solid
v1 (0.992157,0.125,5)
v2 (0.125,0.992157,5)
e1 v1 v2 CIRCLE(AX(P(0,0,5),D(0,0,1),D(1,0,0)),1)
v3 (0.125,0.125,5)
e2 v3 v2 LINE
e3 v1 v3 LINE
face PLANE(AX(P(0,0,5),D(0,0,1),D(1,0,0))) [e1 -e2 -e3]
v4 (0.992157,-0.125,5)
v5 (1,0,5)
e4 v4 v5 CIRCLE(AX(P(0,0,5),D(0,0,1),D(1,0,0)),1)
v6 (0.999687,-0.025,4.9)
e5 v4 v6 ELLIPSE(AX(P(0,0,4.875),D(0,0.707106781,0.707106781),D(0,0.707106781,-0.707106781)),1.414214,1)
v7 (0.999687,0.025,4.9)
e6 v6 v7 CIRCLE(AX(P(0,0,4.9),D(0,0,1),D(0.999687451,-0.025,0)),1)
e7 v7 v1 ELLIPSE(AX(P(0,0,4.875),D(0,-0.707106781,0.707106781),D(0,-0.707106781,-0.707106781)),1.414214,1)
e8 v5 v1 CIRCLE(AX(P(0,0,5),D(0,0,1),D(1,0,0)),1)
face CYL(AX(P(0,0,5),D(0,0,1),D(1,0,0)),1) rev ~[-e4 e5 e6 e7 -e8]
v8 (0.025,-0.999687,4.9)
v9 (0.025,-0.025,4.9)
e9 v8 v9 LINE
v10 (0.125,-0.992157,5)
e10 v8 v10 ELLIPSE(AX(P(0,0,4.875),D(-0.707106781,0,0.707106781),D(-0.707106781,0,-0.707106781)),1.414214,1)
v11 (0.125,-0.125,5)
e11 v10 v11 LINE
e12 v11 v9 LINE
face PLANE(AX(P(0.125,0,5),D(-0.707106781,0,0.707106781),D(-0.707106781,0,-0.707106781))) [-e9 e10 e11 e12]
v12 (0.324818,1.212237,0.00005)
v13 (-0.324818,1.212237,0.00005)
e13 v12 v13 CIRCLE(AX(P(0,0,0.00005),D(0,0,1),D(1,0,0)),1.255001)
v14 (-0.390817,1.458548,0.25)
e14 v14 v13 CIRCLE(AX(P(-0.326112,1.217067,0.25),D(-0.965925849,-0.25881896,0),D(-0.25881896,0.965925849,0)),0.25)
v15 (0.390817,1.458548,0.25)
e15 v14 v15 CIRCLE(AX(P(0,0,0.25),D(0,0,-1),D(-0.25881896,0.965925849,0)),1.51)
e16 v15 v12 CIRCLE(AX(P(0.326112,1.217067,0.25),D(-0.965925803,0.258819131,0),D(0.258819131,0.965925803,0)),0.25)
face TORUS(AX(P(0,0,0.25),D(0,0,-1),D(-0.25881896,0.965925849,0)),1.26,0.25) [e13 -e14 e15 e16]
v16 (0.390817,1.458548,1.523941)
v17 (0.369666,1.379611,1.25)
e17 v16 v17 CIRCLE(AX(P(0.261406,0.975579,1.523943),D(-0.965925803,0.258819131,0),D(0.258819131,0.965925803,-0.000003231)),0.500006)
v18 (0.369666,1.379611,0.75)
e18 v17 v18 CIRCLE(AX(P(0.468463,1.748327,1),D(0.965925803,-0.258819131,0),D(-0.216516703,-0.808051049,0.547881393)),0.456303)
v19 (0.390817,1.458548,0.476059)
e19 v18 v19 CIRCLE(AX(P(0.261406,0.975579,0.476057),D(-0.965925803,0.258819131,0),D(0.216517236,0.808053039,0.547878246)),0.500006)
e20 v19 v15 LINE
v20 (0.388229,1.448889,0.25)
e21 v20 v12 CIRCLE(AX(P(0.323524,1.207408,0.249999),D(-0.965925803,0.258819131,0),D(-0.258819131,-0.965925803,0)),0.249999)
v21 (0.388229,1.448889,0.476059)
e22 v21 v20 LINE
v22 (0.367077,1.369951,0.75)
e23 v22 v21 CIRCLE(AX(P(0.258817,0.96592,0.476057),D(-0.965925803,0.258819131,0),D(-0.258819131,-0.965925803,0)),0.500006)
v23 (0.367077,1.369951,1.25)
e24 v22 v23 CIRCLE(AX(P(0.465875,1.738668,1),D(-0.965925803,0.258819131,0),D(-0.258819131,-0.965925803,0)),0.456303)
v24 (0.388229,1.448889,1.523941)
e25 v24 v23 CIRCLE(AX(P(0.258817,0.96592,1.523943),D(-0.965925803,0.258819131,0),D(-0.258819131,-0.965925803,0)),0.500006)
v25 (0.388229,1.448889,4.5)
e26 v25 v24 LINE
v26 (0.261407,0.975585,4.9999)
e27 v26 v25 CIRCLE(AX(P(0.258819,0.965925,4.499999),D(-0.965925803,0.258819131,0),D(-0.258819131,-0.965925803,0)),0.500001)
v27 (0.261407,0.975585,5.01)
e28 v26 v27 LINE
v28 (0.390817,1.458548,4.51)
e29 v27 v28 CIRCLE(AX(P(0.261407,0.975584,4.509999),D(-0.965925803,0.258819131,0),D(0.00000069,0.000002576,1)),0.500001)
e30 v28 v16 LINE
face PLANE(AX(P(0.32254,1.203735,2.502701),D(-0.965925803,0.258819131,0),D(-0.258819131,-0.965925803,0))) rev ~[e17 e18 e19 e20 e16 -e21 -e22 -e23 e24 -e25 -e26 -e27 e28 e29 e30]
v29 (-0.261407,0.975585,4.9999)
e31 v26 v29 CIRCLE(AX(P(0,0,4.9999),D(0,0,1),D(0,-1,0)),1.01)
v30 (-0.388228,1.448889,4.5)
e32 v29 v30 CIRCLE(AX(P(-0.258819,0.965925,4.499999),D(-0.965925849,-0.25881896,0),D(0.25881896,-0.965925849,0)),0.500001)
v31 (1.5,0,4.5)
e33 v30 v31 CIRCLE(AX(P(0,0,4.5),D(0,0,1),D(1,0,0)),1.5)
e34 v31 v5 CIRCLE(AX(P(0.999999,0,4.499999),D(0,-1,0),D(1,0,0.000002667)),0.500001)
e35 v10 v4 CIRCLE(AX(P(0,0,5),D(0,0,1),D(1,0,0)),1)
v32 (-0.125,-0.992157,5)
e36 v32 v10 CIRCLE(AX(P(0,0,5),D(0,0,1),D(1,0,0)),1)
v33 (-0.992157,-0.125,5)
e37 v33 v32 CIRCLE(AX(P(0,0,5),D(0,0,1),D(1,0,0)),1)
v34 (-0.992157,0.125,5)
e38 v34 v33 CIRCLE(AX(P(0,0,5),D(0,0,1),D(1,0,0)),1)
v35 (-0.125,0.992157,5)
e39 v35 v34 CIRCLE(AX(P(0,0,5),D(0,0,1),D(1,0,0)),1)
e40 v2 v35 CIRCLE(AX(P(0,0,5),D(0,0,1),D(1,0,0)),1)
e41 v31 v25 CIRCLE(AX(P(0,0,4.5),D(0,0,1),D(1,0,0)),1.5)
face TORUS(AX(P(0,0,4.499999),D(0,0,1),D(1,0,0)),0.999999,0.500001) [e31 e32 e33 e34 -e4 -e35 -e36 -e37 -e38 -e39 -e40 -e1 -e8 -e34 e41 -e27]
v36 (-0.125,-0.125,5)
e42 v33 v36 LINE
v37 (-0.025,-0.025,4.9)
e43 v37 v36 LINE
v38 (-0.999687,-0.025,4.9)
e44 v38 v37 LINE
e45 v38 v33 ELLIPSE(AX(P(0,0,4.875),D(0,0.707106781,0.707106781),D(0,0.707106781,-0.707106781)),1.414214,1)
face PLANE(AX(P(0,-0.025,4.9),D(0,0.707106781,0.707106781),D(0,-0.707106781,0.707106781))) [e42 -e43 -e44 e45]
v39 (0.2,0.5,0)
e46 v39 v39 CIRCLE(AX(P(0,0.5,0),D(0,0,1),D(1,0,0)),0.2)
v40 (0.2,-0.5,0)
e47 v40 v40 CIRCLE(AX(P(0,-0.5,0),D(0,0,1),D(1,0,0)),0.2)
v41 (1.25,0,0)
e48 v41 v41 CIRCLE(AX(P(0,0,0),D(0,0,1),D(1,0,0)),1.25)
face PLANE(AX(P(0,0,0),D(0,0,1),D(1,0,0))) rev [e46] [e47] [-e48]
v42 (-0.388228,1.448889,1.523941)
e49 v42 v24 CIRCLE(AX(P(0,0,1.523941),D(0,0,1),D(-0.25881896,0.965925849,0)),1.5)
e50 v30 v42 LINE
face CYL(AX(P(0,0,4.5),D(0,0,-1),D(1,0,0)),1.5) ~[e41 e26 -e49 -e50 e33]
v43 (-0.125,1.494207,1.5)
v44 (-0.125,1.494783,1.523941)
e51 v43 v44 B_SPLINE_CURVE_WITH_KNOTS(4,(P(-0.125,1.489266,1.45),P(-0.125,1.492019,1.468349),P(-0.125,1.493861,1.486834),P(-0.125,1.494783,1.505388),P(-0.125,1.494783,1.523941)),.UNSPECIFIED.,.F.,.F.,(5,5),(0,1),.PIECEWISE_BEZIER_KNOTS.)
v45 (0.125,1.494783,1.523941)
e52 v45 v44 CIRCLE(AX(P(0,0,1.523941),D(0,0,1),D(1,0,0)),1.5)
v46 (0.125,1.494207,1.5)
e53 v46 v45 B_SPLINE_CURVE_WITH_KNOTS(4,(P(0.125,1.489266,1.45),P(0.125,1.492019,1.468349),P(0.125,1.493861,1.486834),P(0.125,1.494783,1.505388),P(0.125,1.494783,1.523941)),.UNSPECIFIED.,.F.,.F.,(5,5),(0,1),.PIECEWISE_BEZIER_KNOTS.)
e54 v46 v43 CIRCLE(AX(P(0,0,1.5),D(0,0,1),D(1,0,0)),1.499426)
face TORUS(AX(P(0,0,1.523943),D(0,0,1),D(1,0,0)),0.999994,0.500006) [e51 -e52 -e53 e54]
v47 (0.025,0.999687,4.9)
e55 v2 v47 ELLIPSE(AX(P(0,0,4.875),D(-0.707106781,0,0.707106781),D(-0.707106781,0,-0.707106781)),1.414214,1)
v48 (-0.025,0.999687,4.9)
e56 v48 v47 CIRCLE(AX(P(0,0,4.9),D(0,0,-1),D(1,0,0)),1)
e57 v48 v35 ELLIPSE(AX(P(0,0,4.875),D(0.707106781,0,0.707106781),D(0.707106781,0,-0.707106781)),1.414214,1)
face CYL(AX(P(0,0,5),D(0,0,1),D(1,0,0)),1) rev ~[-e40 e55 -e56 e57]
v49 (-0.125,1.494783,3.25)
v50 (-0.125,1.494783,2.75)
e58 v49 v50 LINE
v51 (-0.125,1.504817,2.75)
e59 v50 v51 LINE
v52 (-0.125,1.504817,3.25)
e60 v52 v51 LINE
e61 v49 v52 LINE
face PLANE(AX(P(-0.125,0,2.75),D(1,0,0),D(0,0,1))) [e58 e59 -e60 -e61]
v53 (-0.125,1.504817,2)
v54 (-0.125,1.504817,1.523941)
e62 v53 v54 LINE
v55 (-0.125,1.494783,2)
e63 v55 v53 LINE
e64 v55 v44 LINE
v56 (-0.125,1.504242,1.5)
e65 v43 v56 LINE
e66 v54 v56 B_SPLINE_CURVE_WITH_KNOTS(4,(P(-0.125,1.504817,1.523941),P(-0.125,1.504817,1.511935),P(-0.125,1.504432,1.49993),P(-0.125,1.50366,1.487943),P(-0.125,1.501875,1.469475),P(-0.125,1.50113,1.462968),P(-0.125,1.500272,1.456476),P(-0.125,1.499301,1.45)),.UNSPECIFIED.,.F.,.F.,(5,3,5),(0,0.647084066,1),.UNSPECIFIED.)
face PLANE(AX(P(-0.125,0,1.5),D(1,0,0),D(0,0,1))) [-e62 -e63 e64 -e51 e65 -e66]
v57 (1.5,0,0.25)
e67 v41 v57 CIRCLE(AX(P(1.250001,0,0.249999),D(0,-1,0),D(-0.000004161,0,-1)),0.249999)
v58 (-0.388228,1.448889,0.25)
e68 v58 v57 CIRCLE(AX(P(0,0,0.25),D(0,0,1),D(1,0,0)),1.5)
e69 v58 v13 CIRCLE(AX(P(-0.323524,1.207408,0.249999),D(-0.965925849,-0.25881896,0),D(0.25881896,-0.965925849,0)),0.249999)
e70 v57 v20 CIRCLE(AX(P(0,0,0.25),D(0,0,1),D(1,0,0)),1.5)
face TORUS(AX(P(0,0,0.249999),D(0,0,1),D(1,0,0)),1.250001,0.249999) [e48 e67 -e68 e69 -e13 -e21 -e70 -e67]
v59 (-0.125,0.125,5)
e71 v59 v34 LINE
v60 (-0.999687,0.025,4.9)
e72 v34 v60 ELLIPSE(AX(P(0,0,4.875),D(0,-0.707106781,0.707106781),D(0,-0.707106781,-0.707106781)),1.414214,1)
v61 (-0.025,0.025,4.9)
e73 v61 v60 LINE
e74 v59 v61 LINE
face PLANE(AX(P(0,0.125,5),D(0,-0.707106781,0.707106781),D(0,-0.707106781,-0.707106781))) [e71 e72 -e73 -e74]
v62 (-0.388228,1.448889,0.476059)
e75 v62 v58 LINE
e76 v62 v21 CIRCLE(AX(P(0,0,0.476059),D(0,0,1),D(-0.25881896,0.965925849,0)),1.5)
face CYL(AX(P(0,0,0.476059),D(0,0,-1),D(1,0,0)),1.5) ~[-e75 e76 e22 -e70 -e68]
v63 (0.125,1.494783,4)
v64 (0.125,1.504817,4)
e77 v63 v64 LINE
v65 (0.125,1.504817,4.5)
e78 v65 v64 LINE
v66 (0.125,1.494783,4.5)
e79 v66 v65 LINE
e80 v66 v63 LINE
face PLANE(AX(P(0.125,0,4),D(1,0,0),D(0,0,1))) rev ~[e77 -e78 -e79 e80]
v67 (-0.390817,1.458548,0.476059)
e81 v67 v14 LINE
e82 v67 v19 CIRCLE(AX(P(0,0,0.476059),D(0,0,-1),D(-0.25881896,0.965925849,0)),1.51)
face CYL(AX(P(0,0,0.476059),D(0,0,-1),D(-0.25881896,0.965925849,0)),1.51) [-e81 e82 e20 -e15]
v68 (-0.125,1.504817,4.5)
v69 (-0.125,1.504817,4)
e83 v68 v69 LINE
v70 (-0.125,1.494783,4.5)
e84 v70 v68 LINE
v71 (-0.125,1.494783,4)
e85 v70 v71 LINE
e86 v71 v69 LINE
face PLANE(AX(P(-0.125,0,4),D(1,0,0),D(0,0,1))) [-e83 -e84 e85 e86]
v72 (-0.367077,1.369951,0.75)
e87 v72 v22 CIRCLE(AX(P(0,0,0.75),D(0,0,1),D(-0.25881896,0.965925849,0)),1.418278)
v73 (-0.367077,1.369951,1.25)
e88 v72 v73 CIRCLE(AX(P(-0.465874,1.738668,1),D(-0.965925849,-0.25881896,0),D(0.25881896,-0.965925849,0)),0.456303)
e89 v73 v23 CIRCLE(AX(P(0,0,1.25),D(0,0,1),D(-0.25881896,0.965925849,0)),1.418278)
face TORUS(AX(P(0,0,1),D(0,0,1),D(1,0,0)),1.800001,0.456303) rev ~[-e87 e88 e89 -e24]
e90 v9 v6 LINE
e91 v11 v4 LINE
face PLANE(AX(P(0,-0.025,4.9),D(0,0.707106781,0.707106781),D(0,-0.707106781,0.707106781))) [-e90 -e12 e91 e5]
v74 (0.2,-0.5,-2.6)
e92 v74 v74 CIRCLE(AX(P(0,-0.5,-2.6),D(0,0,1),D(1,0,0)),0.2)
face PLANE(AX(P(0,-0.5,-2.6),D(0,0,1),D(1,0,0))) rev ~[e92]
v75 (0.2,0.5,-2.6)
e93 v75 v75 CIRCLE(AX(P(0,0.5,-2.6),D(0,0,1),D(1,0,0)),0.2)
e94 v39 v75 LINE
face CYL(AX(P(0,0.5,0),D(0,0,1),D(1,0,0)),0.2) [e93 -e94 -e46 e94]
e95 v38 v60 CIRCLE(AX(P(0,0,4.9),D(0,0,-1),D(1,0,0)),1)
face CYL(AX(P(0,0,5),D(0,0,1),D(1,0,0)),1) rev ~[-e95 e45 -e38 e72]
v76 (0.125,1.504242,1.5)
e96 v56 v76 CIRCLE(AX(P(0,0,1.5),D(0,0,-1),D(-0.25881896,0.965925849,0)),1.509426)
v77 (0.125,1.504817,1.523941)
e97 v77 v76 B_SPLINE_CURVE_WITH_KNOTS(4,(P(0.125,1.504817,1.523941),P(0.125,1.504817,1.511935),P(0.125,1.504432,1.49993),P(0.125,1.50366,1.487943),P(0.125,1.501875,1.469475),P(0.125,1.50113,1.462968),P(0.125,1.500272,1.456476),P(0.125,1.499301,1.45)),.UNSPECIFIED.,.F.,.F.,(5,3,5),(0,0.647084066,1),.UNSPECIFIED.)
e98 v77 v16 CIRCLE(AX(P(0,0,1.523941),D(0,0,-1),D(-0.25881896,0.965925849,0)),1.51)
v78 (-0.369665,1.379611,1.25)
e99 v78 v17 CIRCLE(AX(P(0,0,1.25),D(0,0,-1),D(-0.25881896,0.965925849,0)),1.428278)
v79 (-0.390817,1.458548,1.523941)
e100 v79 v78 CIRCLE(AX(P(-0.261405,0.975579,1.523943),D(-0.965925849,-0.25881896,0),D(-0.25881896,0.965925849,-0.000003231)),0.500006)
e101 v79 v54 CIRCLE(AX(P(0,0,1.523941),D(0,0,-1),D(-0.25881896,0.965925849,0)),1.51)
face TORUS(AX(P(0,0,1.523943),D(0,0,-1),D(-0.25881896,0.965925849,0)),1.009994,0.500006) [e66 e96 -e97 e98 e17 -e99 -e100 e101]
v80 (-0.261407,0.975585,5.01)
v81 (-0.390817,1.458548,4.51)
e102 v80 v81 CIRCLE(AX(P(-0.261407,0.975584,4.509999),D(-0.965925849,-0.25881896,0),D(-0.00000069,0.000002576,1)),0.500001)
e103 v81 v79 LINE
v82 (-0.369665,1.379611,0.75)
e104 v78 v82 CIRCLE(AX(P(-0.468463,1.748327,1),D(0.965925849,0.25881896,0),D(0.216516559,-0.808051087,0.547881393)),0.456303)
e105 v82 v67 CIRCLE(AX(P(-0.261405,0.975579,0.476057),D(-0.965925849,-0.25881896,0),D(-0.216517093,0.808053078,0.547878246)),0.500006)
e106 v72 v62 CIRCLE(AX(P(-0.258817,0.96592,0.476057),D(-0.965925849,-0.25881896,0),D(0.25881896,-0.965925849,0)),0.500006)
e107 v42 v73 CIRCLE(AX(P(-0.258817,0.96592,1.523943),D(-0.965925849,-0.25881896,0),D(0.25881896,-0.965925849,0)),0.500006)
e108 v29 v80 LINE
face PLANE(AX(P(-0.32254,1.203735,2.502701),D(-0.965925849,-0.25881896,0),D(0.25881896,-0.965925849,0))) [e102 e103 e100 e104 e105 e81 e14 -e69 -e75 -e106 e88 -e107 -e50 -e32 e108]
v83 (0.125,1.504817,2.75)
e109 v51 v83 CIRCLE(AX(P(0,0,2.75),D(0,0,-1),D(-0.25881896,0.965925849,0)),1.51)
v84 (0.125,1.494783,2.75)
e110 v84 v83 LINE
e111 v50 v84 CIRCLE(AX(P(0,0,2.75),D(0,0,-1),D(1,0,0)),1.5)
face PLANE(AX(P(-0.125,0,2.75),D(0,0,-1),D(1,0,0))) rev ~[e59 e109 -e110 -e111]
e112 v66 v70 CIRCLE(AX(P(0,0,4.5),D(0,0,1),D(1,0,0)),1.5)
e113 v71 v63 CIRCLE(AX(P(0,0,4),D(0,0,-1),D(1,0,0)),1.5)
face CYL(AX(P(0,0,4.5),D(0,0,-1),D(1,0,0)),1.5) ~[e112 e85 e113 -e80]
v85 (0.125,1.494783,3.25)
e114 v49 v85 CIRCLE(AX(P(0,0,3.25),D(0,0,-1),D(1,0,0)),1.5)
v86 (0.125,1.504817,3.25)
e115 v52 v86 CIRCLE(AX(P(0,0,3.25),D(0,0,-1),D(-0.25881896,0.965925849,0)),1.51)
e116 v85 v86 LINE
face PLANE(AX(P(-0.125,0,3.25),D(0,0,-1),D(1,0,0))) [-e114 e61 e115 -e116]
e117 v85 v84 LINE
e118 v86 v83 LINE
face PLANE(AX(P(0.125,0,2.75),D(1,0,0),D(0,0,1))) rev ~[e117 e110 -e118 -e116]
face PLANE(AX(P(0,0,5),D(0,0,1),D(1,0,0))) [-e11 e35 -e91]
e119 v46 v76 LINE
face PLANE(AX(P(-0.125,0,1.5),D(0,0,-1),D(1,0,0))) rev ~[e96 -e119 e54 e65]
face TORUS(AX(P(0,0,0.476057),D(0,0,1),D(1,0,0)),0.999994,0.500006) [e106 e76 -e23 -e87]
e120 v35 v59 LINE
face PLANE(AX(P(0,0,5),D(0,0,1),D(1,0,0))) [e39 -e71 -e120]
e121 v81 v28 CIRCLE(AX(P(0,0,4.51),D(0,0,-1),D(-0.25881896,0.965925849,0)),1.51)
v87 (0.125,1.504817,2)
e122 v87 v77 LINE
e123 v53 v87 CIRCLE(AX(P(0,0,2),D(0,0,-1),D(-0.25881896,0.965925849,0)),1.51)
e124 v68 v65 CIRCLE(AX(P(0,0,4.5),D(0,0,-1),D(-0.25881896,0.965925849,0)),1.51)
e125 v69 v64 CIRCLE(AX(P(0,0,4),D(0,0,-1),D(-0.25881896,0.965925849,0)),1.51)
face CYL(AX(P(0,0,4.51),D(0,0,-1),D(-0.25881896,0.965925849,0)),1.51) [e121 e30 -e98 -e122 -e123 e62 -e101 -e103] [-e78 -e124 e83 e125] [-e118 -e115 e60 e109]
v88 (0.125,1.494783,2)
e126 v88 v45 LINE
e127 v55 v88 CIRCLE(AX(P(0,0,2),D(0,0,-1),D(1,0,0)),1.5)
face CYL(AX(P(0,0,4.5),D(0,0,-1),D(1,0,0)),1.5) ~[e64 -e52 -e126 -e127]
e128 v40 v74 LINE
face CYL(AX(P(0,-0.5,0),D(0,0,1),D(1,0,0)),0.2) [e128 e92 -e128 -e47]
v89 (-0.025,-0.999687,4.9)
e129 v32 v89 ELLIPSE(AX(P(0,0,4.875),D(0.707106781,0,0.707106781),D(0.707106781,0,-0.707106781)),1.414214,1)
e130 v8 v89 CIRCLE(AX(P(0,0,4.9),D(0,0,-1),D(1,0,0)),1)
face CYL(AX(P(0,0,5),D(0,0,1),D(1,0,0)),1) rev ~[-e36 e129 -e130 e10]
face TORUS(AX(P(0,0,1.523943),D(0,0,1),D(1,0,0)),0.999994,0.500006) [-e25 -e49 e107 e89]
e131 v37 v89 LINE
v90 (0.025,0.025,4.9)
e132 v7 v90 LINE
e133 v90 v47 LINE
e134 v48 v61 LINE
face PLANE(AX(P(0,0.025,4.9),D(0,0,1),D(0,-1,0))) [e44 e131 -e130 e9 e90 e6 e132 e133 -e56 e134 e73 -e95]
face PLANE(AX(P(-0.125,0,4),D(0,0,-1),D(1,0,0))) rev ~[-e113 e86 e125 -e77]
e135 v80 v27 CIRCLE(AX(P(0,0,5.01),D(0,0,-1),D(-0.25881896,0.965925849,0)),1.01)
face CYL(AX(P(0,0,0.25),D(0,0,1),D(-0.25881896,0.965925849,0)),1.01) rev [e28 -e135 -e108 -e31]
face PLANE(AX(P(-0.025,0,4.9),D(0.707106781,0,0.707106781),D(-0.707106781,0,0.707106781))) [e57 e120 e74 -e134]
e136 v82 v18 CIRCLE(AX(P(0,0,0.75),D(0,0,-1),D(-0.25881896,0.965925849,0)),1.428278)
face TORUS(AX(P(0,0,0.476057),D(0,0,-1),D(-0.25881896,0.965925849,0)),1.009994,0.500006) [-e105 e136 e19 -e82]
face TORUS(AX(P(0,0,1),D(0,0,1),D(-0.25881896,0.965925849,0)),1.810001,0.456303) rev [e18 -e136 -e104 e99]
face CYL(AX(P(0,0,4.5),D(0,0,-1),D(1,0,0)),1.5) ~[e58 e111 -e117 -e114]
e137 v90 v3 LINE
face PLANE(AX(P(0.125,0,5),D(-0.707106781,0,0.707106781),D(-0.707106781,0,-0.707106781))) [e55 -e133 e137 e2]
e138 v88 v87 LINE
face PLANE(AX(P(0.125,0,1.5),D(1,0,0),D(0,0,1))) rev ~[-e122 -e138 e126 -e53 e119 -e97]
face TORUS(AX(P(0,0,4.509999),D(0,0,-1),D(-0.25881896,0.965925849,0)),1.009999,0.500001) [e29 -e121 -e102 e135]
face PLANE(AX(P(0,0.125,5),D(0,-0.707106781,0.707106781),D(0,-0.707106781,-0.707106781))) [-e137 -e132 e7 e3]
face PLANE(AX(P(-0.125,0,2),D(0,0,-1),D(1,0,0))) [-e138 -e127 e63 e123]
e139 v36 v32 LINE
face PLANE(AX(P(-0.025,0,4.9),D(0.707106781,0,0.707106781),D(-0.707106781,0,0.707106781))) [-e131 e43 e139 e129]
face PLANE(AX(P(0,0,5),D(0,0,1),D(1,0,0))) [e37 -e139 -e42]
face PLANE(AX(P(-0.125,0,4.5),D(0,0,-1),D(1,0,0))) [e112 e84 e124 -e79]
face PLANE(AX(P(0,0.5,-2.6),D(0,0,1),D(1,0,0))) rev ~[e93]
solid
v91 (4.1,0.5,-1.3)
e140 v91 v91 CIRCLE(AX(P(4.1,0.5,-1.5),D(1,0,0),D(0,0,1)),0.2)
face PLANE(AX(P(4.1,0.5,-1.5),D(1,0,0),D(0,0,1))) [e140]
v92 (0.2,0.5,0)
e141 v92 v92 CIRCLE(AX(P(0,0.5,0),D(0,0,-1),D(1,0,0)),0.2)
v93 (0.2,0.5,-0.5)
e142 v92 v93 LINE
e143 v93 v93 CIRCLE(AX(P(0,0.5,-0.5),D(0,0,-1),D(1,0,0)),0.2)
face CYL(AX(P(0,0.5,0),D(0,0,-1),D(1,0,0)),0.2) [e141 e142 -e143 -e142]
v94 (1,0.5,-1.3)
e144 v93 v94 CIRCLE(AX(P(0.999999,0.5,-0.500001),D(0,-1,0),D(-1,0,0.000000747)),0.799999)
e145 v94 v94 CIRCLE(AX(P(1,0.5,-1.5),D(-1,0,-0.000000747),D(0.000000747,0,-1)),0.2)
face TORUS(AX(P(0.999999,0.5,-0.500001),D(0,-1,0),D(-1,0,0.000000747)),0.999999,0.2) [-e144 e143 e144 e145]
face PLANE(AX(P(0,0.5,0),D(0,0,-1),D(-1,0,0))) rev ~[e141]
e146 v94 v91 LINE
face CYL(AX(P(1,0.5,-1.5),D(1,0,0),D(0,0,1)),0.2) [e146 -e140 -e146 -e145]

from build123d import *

# Parameters (mm, degrees)
SKETCH003_R         = 0.2
REVOLUTION001_ANGLE = -30
SKETCH015_W         = 0.25
SKETCH015_H         = 0.5
POCKET002_DEPTH     = 1.511
LINEARPATTERN_COUNT = 3
LINEARPATTERN_PITCH = 1.25
SKETCH010_R         = 0.2
PAD002_DEPTH        = 2.6
SKETCH013_R         = 1
PAD_DEPTH           = 0.5
POCKET001_DEPTH     = 1.125
POLARPATTERN_COUNT  = 3
POLARPATTERN_ANGLE  = 180
SKETCH012_R         = 1
POCKET_DEPTH        = 0.5


with BuildPart() as leadangledclone:
    # AdditivePipe: sweep along a path in Sketch004
    with BuildLine(Plane.XZ) as additivepipe_path:
        Line((0, 0), (0, -0.5))
        ThreePointArc((0, -0.5), (0.292893, -1.207107), (1, -1.5))
        Line((1, -1.5), (4.1, -1.5))
    # Sketch003 (on ShapeBinder) → AdditivePipe (sweep)
    with BuildSketch(Plane(origin=(0, 0, 0), x_dir=(1, 0, 0), z_dir=(0, 0, -1))):
        with Locations((0, 0.5)):
            Circle(SKETCH003_R)
    sweep(path=additivepipe_path.line)


with BuildPart() as leadangledclone_1:
    # Body003 placement: moved
    add(leadangledclone.part.moved(Location((0, 1, 0))))


with BuildPart() as polaritymarking:
    # Sketch005 → Revolution001 (revolve)
    with BuildSketch(Plane(origin=(0, 0, 0), x_dir=(-0.258819, 0.965926, 0), z_dir=(0.965926, 0.258819, 0))):
        with BuildLine():
            Line((1.01, 0.25), (1.01, 5.01))
            ThreePointArc((1.01, 5.01), (1.363553, 4.863553), (1.51, 4.51))
            Line((1.51, 4.51), (1.51, 1.523941))
            ThreePointArc((1.51, 1.523941), (1.489134, 1.381006), (1.428278, 1.25))
            ThreePointArc((1.428278, 1.25), (1.353698, 1), (1.428278, 0.75))
            ThreePointArc((1.428278, 0.75), (1.489134, 0.618994), (1.51, 0.476059))
            Line((1.51, 0.476059), (1.51, 0.25))
            ThreePointArc((1.51, 0.25), (1.26, 0), (1.01, 0.25))
        make_face()
    revolve(axis=Axis((0, 0, 0), (0, 0, 1)), revolution_arc=REVOLUTION001_ANGLE)

    # Sketch015 → Pocket002 (cut, through all)
    with BuildSketch(Plane.XZ):
        with Locations((0, 1.75)):
            Rectangle(SKETCH015_W, SKETCH015_H)
    pocket002 = extrude(amount=-POCKET002_DEPTH, mode=Mode.SUBTRACT)

    # LinearPattern: Pocket002 ×3
    with Locations(*[(0, 0, i * LINEARPATTERN_PITCH) for i in range(1, LINEARPATTERN_COUNT)]):
        add(pocket002, mode=Mode.SUBTRACT)


with BuildPart() as leadstraight:
    # Sketch010 → Pad002 (new body)
    with BuildSketch(Plane(origin=(0, 0.5, 0), x_dir=(1, 0, 0), z_dir=(0, 0, 1))):
        Circle(SKETCH010_R)
    extrude(amount=-PAD002_DEPTH)


with BuildPart() as leadstraightclone:
    # Body007 base: copy of LeadStraight
    add(leadstraight.part)


with BuildPart() as leadstraightclone_1:
    # Body007 placement: moved
    add(leadstraightclone.part.moved(Location((0, -1, 0))))


with BuildPart() as housingtop:
    # Sketch013 (on ShapeBinder) → Pad (new body)
    with BuildSketch(Plane.XY.offset(4.5)):
        Circle(SKETCH013_R)
    extrude(amount=PAD_DEPTH)

    # Sketch014 → Pocket001 (cut, symmetric)
    with BuildSketch(Plane.XZ):
        Polygon((-0.125, 5), (0.125, 5), (0.025, 4.9), (-0.025, 4.9), align=None)
    pocket001 = extrude(amount=POCKET001_DEPTH, both=True, mode=Mode.SUBTRACT)

    # PolarPattern: Pocket001 ×3 about axis
    polarpattern_axis = Axis((0, 0, 0), (0, 0, 1))
    for i in range(1, POLARPATTERN_COUNT):
        add(pocket001.rotate(polarpattern_axis, i * POLARPATTERN_ANGLE / (POLARPATTERN_COUNT - 1)), mode=Mode.SUBTRACT)


with BuildPart() as fusion:
    # Sketch → Revolution (revolve)
    with BuildSketch(Plane.XZ):
        with BuildLine():
            Line((0, 5), (1, 5))
            ThreePointArc((1.5, 4.5), (1.353553, 4.853553), (1, 5))
            Line((1.5, 4.5), (1.5, 1.523941))
            ThreePointArc((1.418278, 1.25), (1.479134, 1.381006), (1.5, 1.523941))
            ThreePointArc((1.418278, 1.25), (1.343698, 1), (1.418278, 0.75))
            ThreePointArc((1.5, 0.476059), (1.479134, 0.618994), (1.418278, 0.75))
            Line((1.5, 0.476059), (1.5, 0.25))
            ThreePointArc((1.25, 0), (1.426777, 0.073223), (1.5, 0.25))
            Line((0, 0), (1.25, 0))
            Line((0, 5), (0, 0))
        make_face()
    revolve(axis=Axis((0, 0, 0), (0, 0, 1)))

    # Sketch012 → Pocket (cut)
    with BuildSketch(Plane.XY.offset(5)):
        Circle(SKETCH012_R)
    extrude(amount=-POCKET_DEPTH, mode=Mode.SUBTRACT)

    # Fusion: union PolarityMarking, LeadStraight, LeadStraightClone, HousingTop
    add(polaritymarking.part)
    add(leadstraight.part)
    add(leadstraightclone_1.part)
    add(housingtop.part)


solid = Compound([leadangledclone_1.part, fusion.part])
